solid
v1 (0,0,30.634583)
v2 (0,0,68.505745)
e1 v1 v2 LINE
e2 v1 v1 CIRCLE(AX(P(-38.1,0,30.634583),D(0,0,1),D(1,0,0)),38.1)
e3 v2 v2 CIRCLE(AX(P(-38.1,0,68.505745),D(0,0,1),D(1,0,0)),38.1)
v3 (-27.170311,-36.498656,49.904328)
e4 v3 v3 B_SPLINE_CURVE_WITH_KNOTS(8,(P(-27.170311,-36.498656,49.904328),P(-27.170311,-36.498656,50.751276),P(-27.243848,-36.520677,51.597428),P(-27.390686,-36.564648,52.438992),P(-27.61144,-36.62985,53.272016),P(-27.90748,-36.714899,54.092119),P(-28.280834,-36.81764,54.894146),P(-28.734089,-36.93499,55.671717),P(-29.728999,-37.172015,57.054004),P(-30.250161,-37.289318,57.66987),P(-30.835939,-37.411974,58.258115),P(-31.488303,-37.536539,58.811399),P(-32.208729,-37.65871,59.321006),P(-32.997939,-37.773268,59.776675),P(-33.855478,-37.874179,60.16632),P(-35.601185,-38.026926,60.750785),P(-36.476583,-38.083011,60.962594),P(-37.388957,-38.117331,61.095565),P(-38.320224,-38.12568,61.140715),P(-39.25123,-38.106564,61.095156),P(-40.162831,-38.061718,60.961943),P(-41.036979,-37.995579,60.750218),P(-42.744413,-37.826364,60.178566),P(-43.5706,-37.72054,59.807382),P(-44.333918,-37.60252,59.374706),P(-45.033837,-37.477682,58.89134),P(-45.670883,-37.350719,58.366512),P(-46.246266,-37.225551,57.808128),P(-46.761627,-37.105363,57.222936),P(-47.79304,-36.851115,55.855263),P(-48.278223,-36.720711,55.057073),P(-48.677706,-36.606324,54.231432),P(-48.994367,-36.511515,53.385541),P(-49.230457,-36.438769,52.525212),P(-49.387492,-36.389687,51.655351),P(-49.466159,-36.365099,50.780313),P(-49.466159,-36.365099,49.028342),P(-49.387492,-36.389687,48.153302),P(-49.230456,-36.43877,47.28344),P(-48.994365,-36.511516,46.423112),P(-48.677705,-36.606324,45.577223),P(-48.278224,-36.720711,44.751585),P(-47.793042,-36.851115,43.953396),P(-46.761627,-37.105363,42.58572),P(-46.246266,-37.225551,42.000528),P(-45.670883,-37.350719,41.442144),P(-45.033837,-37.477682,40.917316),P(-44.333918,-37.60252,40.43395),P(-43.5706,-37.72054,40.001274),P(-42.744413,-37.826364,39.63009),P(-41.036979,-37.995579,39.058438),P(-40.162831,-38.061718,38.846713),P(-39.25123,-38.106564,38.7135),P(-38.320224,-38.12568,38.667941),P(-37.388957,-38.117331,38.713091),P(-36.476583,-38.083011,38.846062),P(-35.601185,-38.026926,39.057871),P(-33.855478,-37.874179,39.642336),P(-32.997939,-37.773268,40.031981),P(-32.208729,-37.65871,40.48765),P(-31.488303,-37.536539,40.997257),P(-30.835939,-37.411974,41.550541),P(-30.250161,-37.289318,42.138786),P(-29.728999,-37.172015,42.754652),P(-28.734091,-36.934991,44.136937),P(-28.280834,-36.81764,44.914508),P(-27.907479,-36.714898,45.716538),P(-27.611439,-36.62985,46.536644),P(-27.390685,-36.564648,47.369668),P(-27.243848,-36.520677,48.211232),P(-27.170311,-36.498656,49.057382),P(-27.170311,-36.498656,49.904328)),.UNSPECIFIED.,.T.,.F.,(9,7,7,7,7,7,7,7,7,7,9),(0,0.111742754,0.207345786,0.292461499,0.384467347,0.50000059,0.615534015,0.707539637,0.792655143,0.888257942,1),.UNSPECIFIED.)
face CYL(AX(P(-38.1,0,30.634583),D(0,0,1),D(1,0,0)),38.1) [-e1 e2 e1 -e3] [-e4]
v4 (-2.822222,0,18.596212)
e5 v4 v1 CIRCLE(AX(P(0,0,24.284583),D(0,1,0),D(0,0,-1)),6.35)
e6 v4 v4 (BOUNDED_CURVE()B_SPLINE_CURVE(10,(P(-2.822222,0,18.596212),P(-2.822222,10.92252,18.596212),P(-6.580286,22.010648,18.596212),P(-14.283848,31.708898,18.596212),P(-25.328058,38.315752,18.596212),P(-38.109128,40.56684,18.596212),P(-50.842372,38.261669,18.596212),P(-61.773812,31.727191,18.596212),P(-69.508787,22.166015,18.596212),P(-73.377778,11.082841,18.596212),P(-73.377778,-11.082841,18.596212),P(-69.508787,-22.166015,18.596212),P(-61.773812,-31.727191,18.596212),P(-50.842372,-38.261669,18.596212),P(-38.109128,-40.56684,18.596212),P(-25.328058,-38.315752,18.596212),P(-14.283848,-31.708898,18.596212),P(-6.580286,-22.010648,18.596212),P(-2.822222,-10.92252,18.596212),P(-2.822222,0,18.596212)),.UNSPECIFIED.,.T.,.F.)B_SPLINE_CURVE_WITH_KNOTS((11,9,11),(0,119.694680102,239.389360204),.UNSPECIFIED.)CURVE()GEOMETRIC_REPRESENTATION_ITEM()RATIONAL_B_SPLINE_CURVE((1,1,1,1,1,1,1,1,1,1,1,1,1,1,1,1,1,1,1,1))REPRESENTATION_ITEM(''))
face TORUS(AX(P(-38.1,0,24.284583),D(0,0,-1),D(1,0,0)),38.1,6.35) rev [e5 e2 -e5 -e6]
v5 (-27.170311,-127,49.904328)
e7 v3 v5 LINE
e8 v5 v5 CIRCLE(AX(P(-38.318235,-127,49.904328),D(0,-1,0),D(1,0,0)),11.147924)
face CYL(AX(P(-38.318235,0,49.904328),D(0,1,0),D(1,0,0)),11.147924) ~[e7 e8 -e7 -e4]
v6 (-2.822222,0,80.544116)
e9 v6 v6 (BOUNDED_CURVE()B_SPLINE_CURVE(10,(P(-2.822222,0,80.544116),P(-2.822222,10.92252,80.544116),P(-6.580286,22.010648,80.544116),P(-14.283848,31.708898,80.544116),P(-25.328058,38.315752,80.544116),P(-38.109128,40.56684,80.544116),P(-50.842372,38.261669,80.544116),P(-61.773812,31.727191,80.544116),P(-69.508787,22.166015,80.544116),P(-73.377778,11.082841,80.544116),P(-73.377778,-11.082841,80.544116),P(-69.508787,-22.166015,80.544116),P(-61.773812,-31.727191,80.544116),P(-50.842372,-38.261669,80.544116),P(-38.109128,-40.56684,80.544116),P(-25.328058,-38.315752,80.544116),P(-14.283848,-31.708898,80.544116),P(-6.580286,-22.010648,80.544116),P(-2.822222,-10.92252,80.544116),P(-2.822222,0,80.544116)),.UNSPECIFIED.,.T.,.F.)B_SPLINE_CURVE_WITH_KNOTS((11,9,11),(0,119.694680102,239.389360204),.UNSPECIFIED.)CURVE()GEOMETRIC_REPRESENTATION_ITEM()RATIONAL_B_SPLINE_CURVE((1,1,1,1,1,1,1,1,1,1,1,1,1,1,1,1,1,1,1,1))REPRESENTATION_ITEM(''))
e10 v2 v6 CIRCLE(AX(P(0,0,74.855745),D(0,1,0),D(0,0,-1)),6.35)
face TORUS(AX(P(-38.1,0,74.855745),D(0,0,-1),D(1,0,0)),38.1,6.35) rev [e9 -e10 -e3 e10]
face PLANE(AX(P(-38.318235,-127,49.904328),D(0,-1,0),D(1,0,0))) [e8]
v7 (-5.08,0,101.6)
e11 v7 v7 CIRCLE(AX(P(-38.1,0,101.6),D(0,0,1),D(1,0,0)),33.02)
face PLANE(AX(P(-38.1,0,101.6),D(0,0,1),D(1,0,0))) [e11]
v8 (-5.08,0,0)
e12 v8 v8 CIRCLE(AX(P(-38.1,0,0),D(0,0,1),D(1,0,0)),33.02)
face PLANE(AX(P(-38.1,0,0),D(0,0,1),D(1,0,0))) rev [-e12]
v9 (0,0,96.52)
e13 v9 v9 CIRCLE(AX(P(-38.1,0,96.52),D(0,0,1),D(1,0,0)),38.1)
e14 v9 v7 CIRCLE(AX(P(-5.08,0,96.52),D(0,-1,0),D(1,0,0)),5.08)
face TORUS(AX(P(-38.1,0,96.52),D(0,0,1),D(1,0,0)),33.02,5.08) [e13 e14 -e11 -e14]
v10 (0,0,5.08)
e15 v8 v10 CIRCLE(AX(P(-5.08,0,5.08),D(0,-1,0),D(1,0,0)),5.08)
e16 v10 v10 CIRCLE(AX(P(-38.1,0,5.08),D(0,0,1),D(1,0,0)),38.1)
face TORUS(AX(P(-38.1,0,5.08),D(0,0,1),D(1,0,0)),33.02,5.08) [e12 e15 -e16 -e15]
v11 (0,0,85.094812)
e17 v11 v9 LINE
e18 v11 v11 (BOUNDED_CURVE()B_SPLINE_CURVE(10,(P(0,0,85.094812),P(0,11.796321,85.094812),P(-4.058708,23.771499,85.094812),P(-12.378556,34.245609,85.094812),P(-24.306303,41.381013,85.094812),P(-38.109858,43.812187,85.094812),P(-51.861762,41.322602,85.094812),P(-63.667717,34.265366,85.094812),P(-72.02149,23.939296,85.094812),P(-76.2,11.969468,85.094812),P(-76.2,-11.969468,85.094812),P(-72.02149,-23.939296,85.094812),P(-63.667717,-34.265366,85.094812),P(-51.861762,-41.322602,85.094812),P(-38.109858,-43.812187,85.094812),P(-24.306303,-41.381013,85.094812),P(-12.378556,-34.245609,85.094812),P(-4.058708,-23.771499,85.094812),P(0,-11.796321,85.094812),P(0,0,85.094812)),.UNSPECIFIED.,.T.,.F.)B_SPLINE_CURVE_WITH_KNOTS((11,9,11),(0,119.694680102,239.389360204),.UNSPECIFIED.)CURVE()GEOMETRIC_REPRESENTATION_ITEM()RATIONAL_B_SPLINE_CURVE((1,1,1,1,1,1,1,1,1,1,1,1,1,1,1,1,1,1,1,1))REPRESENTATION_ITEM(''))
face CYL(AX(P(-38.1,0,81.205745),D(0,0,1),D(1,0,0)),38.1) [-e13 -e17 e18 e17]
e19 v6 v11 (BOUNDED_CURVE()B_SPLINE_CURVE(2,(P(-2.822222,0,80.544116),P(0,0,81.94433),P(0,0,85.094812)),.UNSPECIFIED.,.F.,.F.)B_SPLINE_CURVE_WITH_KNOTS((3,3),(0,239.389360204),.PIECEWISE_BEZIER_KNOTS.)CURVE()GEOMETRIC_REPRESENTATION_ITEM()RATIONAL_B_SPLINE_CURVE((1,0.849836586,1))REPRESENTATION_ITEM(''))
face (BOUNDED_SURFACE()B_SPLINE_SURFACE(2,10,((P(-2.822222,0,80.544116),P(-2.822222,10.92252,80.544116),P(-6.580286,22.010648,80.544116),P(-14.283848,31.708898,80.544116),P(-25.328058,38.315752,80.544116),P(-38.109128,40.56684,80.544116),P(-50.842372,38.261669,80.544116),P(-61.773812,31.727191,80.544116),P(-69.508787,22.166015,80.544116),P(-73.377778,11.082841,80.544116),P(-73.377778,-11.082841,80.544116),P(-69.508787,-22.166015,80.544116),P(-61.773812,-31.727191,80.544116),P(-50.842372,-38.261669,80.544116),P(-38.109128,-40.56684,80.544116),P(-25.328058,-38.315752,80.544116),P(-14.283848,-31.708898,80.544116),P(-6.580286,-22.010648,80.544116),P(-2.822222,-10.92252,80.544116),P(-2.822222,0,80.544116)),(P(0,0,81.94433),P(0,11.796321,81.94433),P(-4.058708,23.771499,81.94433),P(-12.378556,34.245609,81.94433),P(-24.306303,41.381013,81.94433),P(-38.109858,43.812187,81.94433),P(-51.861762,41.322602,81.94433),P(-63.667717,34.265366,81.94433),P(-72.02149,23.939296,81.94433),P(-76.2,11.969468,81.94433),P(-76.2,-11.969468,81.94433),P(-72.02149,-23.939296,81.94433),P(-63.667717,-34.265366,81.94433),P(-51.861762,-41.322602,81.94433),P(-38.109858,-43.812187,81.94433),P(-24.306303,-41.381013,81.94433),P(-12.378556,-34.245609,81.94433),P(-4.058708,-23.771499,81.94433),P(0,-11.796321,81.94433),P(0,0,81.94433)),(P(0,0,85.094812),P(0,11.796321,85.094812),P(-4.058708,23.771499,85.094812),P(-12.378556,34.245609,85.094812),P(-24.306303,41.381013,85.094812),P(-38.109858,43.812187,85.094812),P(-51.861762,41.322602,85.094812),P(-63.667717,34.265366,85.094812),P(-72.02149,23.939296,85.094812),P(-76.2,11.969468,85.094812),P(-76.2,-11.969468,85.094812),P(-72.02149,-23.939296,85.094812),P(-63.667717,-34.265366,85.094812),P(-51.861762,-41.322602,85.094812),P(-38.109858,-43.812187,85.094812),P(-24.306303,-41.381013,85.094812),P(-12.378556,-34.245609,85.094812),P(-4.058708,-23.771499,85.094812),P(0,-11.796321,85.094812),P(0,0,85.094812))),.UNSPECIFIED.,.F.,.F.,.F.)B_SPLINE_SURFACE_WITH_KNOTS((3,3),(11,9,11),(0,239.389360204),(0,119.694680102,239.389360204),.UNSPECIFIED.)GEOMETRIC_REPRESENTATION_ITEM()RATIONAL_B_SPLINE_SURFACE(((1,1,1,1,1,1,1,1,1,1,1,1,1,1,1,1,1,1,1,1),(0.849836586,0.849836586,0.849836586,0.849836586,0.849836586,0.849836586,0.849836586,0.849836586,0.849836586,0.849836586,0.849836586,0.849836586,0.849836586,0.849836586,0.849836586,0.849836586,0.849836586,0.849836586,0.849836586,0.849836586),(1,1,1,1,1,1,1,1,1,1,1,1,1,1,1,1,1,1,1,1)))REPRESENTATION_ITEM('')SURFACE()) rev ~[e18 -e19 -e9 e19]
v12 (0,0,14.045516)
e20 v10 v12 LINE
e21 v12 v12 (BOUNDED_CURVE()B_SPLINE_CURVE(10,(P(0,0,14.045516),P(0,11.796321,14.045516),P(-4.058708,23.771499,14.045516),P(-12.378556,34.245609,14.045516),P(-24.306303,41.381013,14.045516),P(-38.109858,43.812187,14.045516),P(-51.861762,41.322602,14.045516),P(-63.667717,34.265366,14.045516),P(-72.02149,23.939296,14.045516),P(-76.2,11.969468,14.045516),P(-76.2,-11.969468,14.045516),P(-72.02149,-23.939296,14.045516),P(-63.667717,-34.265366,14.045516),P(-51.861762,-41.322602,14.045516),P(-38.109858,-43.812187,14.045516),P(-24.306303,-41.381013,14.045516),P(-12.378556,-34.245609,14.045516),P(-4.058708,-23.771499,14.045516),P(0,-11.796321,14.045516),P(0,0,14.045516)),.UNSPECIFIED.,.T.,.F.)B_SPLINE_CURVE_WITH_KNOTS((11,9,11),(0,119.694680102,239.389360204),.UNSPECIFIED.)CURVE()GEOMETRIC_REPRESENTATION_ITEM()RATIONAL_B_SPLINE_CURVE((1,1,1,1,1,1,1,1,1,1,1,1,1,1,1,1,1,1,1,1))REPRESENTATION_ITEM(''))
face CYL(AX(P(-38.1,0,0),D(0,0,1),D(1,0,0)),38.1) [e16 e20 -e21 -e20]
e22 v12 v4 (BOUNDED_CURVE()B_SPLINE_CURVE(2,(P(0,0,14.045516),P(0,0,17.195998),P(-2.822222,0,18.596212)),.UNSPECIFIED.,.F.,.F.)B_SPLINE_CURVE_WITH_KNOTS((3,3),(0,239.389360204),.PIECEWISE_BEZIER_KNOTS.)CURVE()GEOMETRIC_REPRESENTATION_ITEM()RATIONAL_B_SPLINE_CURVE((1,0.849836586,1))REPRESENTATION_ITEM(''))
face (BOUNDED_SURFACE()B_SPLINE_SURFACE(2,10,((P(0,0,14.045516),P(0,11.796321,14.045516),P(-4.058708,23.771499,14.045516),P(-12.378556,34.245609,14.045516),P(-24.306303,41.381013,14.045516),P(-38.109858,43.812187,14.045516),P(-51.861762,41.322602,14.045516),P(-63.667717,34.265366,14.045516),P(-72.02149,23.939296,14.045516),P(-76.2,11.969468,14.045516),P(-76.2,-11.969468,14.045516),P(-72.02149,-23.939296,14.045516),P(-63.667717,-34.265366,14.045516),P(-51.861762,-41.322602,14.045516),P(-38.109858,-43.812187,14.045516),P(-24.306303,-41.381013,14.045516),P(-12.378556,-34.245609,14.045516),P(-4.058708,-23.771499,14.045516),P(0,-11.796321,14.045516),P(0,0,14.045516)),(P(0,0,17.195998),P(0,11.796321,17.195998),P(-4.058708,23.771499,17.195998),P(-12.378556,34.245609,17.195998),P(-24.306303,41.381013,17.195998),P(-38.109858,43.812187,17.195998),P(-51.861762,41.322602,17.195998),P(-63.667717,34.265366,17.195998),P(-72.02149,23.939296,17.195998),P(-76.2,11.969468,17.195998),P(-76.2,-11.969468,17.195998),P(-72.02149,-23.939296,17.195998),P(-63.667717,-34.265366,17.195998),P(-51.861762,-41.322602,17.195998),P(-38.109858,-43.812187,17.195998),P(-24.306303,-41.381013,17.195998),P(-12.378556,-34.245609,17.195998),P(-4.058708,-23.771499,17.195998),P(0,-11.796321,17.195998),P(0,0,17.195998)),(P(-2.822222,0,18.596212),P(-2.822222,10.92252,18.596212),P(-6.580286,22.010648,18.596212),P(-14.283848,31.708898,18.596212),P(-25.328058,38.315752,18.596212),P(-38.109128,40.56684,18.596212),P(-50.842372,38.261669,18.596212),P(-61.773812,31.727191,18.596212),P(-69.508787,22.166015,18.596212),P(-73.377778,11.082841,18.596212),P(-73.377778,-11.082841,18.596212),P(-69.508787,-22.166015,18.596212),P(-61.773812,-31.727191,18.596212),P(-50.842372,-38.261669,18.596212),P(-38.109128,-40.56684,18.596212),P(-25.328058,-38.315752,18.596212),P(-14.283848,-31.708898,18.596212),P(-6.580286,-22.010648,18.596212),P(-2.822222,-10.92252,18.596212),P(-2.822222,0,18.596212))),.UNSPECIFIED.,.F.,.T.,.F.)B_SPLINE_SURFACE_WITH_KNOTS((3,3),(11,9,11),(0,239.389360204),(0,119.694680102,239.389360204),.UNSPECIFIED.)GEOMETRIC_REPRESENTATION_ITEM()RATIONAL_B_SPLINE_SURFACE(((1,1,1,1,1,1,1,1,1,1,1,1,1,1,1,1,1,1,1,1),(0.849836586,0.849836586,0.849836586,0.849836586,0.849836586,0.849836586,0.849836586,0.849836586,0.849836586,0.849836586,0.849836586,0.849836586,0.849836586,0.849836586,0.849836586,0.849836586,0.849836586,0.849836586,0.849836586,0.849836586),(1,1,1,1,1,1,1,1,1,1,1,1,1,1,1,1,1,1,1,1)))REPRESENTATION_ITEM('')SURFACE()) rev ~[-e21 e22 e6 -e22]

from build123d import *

# Parameters (mm, degrees)
F2_R     = 5.08
F3_R     = 11.147924
F4_DEPTH = 127


with BuildPart() as f1:
    # F0 (on Front) → F1 (revolve)
    with BuildSketch(Plane.XZ):
        with BuildLine():
            Line((-38.1, 0), (0, 0))
            Line((0, 0), (0, 17.934583))
            ThreePointArc((0, 17.934583), (-6.35, 24.284583), (0, 30.634583))
            Line((0, 30.634583), (0, 68.505745))
            ThreePointArc((0, 68.505745), (-6.35, 74.855745), (0, 81.205745))
            Line((0, 81.205745), (0, 101.6))
            Line((0, 101.6), (-38.1, 101.6))
            Line((-38.1, 101.6), (-38.1, 0))
        make_face()
    revolve(axis=Axis((-38.1, 0, 50.8), (0, 0, 1)))

    # F2
    f2_edges = [f1.edges().sort_by_distance(p)[0] for p in [
        (-76.2, 0, 101.6),
        (-76.2, 0, 0),
        (-76.2, 0, 17.934583),
        (0, 0, 8.967291),
        (-76.2, 0, 81.205745),
    ]]
    fillet(f2_edges, radius=F2_R)

    # F3 (on Front) → F4 (join)
    with BuildSketch(Plane.XZ):
        with Locations((-38.318235, 49.904328)):
            Circle(F3_R)
    extrude(amount=F4_DEPTH)


solid = f1.part
